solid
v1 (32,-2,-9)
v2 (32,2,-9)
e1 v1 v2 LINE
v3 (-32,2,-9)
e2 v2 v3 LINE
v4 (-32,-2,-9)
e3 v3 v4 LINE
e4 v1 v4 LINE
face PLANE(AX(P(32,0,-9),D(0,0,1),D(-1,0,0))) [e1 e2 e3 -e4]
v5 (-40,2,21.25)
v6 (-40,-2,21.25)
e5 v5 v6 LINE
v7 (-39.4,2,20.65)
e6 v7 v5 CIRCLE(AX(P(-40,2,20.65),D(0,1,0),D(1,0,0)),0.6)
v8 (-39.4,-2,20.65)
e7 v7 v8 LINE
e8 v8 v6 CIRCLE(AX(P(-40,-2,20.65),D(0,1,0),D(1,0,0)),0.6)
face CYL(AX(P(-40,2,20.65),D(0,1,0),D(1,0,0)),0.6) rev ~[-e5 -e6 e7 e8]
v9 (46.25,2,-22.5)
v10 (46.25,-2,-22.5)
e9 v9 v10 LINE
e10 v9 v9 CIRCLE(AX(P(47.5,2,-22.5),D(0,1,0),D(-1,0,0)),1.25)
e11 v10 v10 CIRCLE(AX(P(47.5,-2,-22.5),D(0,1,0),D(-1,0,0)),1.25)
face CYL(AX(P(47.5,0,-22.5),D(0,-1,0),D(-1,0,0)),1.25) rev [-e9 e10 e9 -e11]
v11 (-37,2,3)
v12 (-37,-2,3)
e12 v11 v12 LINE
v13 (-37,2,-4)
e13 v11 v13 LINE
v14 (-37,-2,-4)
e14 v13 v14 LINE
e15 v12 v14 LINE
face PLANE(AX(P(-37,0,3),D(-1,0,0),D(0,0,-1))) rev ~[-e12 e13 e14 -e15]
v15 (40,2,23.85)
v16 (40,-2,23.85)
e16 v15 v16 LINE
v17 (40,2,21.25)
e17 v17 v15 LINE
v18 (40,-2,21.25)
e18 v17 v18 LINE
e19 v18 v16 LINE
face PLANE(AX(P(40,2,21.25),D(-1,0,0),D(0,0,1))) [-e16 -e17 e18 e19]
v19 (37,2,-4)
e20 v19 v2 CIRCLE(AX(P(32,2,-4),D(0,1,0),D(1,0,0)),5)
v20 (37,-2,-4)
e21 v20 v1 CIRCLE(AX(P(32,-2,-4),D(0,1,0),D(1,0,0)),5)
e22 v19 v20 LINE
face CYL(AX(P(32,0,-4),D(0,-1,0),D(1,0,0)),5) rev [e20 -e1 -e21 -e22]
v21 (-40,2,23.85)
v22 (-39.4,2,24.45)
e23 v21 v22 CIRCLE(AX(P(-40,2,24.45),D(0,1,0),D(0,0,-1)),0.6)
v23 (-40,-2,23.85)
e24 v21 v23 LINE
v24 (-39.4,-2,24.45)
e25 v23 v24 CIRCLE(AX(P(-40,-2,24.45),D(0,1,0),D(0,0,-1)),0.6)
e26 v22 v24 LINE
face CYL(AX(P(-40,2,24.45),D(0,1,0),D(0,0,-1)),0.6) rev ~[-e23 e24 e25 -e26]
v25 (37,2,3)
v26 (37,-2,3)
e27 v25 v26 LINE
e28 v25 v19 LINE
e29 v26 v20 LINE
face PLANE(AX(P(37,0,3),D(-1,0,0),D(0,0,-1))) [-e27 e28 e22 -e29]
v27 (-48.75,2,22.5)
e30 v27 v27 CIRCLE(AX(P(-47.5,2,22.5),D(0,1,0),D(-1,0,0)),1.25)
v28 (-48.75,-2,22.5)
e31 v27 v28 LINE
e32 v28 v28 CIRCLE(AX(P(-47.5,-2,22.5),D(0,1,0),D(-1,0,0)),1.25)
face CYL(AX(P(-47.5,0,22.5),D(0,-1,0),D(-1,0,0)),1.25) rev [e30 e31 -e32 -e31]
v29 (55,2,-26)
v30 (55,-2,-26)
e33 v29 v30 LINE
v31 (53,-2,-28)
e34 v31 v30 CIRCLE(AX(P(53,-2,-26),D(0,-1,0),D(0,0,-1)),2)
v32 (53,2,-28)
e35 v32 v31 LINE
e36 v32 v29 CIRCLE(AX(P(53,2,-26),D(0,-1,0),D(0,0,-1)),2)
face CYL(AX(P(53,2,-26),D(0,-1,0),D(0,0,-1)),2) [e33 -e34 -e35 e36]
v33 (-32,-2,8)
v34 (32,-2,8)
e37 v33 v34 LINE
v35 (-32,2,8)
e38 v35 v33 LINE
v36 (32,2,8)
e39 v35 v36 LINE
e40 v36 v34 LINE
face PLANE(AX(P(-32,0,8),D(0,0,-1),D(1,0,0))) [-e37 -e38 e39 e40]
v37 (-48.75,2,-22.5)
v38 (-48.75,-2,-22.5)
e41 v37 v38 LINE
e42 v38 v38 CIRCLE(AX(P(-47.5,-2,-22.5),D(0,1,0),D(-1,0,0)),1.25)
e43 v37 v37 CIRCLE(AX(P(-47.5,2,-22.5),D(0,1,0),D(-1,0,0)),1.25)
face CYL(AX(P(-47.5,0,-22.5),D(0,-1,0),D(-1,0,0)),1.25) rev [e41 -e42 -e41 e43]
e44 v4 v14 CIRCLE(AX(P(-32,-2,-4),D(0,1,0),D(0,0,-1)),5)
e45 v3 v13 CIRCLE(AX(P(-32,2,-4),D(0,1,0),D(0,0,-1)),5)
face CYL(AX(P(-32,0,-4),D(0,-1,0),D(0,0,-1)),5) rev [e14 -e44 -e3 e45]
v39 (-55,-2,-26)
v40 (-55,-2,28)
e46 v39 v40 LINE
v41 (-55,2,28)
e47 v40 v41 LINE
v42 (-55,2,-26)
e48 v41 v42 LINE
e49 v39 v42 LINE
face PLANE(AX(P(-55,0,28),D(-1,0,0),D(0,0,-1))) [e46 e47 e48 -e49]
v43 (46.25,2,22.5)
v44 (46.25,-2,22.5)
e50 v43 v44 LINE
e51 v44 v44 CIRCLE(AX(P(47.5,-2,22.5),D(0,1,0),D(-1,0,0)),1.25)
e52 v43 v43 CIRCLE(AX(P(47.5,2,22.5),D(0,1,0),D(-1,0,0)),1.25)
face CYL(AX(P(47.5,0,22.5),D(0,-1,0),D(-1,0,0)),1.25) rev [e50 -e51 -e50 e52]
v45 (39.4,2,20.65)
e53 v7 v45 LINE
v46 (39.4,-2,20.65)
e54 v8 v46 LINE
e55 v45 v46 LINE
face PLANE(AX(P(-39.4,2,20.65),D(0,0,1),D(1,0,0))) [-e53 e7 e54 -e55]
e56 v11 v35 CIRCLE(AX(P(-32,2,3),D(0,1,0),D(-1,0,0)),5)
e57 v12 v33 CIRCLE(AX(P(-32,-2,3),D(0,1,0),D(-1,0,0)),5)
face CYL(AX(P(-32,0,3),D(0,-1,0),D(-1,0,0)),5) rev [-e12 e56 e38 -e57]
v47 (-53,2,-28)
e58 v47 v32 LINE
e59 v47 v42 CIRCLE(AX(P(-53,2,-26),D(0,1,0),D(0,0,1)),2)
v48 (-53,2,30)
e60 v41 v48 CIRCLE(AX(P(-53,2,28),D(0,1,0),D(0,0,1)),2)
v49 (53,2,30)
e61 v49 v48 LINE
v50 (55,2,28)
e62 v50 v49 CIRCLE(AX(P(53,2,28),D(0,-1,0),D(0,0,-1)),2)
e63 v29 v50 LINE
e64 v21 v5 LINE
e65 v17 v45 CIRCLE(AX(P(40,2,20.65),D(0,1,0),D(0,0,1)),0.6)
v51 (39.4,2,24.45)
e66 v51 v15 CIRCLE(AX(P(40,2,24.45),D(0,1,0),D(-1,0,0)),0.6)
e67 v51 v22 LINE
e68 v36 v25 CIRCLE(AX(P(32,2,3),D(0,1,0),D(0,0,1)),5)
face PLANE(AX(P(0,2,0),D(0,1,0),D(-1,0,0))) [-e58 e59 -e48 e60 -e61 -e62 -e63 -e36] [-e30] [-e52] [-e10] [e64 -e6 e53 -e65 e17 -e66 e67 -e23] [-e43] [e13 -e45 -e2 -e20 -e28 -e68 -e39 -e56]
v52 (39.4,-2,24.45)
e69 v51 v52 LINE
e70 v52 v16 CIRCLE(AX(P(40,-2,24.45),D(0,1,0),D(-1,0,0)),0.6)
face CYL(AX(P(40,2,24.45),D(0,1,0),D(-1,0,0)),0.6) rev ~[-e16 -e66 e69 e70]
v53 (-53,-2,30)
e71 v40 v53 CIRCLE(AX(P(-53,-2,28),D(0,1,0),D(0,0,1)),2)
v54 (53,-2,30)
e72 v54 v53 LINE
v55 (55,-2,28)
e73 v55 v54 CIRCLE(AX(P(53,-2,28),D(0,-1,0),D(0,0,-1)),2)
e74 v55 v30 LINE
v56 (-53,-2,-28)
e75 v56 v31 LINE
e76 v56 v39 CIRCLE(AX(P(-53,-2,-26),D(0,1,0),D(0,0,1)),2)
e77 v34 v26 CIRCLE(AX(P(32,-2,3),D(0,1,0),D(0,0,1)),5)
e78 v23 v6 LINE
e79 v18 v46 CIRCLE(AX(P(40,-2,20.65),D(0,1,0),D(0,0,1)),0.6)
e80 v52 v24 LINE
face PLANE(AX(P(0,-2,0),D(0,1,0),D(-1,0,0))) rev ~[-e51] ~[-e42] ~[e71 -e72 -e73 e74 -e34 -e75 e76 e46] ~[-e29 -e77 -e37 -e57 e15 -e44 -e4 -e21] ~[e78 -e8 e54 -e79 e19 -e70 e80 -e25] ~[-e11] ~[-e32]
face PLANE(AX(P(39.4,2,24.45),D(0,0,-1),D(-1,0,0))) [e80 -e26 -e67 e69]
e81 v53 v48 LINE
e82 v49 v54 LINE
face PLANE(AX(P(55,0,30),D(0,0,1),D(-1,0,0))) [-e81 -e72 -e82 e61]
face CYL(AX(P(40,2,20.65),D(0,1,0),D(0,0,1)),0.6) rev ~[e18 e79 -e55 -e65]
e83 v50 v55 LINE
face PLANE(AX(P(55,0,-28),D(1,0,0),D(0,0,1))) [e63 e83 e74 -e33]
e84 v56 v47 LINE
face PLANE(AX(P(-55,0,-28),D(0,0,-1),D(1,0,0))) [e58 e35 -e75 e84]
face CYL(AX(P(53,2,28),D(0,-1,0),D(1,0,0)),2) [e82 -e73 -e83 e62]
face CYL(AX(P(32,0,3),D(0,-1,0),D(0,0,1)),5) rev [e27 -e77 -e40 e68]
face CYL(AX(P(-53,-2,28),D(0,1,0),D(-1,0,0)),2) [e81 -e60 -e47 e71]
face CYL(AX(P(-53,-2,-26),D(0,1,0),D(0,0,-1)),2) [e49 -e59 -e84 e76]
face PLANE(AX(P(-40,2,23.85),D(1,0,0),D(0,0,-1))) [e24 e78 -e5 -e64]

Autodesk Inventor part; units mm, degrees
ref_plane "YZ Plane" through (0, 0, 0) normal (1, 0, 0) x (0, 1, 0)
ref_plane "XZ Plane" through (0, 0, 0) normal (0, 1, 0) x (-1, 0, 0)
ref_plane "XY Plane" through (0, 0, 0) normal (0, 0, 1) x (1, 0, 0)
sketch "Sketch1" plane through (0, 0, 0) normal (0, 1, 0) x (-1, 0, 0)
  line L0 (55, -28) -> (-55, -28)
  line L1 (-55, -28) -> (-55, 28)
  line L2 (-55, 28) -> (55, 28) construction
  line L3 (55, 28) -> (55, -28)
  circle A0 centre (47.5, -22.5) radius 1.25
  circle A1 centre (-47.5, -22.5) radius 1.25
  circle A2 centre (-47.5, 22.5) radius 1.25
  circle A3 centre (47.5, 22.5) radius 1.25
  line L4 (47.5, -22.5) -> (-47.5, -22.5) construction
  line L5 (-47.5, -22.5) -> (-47.5, 22.5) construction
  line L6 (-32, -9) -> (32, -9)
  line L7 (32, 8) -> (-32, 8)
  line L8 (-55, 28) -> (-55, 30)
  line L9 (-55, 30) -> (55, 30)
  line L10 (55, 30) -> (55, 28)
  line L11 (37, 3) -> (37, -4)
  line L12 (-37, 3) -> (-37, -4)
  arc A4 (37, 3) -> (32, 8) centre (32, 3) ccw
  arc A5 (32, -9) -> (37, -4) centre (32, -4) ccw
  arc A6 (-32, 8) -> (-37, 3) centre (-32, 3) ccw
  arc A7 (-37, -4) -> (-32, -9) centre (-32, -4) ccw
  point P0 (0, 0)
  point P1 (-55, 0)
  point P2 (0, 28)
  point P3 (-47.5, 0)
  point P4 (0, -22.5)
  point P5 (-37, -9)
  point P6 (37, -9)
  point P7 (37, 8)
  point P8 (-37, 8)
  point P9 (0, 8)
  dimension "d0" = 110
  dimension "d1" = 56
  dimension "d2" = 2.5
  dimension "d3" = 95
  dimension "d4" = 45
  dimension "d18" = 2
  dimension "d20" = 74
  dimension "d21" = 19
  dimension "d22" = 17
  dimension "d23" = 5
extrude "Extrusion1" add sketch "Sketch1" along normal mid plane 4
fillet "Fillet1" radius 2 4 edges at (55, 0, -28) (-55, 0, -28) (-55, 0, 30) (55, 0, 30)
sketch "Sketch2" plane through (0, 2, 0) normal (0, 1, 0) x (1, 0, 0)
  line L0 (-40, -20.65) -> (-39.4, -20.65) construction
  line L1 (40, -20.65) -> (40, -21.25) construction
  line L2 (40, -24.45) -> (39.4, -24.45) construction
  line L3 (-40, -24.45) -> (-40, -23.85) construction
  arc A0 (-40, -23.85) -> (-39.4, -24.45) centre (-40, -24.45) ccw
  arc A1 (-39.4, -20.65) -> (-40, -21.25) centre (-40, -20.65) ccw
  arc A2 (40, -21.25) -> (39.4, -20.65) centre (40, -20.65) ccw
  arc A3 (39.4, -24.45) -> (40, -23.85) centre (40, -24.45) ccw
  line L4 (-40, -23.85) -> (-40, -21.25)
  line L5 (-39.4, -24.45) -> (-40, -24.45) construction
  arc A4 (-40, -21.25) -> (-39.4, -20.65) centre (-40, -20.65) ccw construction
  line L6 (-40, -21.25) -> (-40, -20.65) construction
  line L7 (-39.4, -20.65) -> (39.4, -20.65)
  line L8 (39.4, -24.45) -> (-39.4, -24.45)
  line L9 (40, -23.85) -> (40, -24.45) construction
  arc A5 (40, -23.85) -> (39.4, -24.45) centre (40, -24.45) ccw construction
  arc A6 (39.4, -20.65) -> (40, -21.25) centre (40, -20.65) ccw construction
  line L10 (40, -21.25) -> (40, -23.85)
  line L11 (39.4, -20.65) -> (40, -20.65) construction
  line L12 (-53, -30) -> (53, -30) projected
  point P0 (0, 0)
  point P1 (0, -24.45)
  dimension "d9" = 3.8
  dimension "d11" = 80
  dimension "d14" = 1.2
  dimension "d19" = 5.55
extrude "Extrusion2" cut sketch "Sketch2" against normal through all
properties part number "Marco conectores IC DC" material "Polycarbonate, Smoke"
